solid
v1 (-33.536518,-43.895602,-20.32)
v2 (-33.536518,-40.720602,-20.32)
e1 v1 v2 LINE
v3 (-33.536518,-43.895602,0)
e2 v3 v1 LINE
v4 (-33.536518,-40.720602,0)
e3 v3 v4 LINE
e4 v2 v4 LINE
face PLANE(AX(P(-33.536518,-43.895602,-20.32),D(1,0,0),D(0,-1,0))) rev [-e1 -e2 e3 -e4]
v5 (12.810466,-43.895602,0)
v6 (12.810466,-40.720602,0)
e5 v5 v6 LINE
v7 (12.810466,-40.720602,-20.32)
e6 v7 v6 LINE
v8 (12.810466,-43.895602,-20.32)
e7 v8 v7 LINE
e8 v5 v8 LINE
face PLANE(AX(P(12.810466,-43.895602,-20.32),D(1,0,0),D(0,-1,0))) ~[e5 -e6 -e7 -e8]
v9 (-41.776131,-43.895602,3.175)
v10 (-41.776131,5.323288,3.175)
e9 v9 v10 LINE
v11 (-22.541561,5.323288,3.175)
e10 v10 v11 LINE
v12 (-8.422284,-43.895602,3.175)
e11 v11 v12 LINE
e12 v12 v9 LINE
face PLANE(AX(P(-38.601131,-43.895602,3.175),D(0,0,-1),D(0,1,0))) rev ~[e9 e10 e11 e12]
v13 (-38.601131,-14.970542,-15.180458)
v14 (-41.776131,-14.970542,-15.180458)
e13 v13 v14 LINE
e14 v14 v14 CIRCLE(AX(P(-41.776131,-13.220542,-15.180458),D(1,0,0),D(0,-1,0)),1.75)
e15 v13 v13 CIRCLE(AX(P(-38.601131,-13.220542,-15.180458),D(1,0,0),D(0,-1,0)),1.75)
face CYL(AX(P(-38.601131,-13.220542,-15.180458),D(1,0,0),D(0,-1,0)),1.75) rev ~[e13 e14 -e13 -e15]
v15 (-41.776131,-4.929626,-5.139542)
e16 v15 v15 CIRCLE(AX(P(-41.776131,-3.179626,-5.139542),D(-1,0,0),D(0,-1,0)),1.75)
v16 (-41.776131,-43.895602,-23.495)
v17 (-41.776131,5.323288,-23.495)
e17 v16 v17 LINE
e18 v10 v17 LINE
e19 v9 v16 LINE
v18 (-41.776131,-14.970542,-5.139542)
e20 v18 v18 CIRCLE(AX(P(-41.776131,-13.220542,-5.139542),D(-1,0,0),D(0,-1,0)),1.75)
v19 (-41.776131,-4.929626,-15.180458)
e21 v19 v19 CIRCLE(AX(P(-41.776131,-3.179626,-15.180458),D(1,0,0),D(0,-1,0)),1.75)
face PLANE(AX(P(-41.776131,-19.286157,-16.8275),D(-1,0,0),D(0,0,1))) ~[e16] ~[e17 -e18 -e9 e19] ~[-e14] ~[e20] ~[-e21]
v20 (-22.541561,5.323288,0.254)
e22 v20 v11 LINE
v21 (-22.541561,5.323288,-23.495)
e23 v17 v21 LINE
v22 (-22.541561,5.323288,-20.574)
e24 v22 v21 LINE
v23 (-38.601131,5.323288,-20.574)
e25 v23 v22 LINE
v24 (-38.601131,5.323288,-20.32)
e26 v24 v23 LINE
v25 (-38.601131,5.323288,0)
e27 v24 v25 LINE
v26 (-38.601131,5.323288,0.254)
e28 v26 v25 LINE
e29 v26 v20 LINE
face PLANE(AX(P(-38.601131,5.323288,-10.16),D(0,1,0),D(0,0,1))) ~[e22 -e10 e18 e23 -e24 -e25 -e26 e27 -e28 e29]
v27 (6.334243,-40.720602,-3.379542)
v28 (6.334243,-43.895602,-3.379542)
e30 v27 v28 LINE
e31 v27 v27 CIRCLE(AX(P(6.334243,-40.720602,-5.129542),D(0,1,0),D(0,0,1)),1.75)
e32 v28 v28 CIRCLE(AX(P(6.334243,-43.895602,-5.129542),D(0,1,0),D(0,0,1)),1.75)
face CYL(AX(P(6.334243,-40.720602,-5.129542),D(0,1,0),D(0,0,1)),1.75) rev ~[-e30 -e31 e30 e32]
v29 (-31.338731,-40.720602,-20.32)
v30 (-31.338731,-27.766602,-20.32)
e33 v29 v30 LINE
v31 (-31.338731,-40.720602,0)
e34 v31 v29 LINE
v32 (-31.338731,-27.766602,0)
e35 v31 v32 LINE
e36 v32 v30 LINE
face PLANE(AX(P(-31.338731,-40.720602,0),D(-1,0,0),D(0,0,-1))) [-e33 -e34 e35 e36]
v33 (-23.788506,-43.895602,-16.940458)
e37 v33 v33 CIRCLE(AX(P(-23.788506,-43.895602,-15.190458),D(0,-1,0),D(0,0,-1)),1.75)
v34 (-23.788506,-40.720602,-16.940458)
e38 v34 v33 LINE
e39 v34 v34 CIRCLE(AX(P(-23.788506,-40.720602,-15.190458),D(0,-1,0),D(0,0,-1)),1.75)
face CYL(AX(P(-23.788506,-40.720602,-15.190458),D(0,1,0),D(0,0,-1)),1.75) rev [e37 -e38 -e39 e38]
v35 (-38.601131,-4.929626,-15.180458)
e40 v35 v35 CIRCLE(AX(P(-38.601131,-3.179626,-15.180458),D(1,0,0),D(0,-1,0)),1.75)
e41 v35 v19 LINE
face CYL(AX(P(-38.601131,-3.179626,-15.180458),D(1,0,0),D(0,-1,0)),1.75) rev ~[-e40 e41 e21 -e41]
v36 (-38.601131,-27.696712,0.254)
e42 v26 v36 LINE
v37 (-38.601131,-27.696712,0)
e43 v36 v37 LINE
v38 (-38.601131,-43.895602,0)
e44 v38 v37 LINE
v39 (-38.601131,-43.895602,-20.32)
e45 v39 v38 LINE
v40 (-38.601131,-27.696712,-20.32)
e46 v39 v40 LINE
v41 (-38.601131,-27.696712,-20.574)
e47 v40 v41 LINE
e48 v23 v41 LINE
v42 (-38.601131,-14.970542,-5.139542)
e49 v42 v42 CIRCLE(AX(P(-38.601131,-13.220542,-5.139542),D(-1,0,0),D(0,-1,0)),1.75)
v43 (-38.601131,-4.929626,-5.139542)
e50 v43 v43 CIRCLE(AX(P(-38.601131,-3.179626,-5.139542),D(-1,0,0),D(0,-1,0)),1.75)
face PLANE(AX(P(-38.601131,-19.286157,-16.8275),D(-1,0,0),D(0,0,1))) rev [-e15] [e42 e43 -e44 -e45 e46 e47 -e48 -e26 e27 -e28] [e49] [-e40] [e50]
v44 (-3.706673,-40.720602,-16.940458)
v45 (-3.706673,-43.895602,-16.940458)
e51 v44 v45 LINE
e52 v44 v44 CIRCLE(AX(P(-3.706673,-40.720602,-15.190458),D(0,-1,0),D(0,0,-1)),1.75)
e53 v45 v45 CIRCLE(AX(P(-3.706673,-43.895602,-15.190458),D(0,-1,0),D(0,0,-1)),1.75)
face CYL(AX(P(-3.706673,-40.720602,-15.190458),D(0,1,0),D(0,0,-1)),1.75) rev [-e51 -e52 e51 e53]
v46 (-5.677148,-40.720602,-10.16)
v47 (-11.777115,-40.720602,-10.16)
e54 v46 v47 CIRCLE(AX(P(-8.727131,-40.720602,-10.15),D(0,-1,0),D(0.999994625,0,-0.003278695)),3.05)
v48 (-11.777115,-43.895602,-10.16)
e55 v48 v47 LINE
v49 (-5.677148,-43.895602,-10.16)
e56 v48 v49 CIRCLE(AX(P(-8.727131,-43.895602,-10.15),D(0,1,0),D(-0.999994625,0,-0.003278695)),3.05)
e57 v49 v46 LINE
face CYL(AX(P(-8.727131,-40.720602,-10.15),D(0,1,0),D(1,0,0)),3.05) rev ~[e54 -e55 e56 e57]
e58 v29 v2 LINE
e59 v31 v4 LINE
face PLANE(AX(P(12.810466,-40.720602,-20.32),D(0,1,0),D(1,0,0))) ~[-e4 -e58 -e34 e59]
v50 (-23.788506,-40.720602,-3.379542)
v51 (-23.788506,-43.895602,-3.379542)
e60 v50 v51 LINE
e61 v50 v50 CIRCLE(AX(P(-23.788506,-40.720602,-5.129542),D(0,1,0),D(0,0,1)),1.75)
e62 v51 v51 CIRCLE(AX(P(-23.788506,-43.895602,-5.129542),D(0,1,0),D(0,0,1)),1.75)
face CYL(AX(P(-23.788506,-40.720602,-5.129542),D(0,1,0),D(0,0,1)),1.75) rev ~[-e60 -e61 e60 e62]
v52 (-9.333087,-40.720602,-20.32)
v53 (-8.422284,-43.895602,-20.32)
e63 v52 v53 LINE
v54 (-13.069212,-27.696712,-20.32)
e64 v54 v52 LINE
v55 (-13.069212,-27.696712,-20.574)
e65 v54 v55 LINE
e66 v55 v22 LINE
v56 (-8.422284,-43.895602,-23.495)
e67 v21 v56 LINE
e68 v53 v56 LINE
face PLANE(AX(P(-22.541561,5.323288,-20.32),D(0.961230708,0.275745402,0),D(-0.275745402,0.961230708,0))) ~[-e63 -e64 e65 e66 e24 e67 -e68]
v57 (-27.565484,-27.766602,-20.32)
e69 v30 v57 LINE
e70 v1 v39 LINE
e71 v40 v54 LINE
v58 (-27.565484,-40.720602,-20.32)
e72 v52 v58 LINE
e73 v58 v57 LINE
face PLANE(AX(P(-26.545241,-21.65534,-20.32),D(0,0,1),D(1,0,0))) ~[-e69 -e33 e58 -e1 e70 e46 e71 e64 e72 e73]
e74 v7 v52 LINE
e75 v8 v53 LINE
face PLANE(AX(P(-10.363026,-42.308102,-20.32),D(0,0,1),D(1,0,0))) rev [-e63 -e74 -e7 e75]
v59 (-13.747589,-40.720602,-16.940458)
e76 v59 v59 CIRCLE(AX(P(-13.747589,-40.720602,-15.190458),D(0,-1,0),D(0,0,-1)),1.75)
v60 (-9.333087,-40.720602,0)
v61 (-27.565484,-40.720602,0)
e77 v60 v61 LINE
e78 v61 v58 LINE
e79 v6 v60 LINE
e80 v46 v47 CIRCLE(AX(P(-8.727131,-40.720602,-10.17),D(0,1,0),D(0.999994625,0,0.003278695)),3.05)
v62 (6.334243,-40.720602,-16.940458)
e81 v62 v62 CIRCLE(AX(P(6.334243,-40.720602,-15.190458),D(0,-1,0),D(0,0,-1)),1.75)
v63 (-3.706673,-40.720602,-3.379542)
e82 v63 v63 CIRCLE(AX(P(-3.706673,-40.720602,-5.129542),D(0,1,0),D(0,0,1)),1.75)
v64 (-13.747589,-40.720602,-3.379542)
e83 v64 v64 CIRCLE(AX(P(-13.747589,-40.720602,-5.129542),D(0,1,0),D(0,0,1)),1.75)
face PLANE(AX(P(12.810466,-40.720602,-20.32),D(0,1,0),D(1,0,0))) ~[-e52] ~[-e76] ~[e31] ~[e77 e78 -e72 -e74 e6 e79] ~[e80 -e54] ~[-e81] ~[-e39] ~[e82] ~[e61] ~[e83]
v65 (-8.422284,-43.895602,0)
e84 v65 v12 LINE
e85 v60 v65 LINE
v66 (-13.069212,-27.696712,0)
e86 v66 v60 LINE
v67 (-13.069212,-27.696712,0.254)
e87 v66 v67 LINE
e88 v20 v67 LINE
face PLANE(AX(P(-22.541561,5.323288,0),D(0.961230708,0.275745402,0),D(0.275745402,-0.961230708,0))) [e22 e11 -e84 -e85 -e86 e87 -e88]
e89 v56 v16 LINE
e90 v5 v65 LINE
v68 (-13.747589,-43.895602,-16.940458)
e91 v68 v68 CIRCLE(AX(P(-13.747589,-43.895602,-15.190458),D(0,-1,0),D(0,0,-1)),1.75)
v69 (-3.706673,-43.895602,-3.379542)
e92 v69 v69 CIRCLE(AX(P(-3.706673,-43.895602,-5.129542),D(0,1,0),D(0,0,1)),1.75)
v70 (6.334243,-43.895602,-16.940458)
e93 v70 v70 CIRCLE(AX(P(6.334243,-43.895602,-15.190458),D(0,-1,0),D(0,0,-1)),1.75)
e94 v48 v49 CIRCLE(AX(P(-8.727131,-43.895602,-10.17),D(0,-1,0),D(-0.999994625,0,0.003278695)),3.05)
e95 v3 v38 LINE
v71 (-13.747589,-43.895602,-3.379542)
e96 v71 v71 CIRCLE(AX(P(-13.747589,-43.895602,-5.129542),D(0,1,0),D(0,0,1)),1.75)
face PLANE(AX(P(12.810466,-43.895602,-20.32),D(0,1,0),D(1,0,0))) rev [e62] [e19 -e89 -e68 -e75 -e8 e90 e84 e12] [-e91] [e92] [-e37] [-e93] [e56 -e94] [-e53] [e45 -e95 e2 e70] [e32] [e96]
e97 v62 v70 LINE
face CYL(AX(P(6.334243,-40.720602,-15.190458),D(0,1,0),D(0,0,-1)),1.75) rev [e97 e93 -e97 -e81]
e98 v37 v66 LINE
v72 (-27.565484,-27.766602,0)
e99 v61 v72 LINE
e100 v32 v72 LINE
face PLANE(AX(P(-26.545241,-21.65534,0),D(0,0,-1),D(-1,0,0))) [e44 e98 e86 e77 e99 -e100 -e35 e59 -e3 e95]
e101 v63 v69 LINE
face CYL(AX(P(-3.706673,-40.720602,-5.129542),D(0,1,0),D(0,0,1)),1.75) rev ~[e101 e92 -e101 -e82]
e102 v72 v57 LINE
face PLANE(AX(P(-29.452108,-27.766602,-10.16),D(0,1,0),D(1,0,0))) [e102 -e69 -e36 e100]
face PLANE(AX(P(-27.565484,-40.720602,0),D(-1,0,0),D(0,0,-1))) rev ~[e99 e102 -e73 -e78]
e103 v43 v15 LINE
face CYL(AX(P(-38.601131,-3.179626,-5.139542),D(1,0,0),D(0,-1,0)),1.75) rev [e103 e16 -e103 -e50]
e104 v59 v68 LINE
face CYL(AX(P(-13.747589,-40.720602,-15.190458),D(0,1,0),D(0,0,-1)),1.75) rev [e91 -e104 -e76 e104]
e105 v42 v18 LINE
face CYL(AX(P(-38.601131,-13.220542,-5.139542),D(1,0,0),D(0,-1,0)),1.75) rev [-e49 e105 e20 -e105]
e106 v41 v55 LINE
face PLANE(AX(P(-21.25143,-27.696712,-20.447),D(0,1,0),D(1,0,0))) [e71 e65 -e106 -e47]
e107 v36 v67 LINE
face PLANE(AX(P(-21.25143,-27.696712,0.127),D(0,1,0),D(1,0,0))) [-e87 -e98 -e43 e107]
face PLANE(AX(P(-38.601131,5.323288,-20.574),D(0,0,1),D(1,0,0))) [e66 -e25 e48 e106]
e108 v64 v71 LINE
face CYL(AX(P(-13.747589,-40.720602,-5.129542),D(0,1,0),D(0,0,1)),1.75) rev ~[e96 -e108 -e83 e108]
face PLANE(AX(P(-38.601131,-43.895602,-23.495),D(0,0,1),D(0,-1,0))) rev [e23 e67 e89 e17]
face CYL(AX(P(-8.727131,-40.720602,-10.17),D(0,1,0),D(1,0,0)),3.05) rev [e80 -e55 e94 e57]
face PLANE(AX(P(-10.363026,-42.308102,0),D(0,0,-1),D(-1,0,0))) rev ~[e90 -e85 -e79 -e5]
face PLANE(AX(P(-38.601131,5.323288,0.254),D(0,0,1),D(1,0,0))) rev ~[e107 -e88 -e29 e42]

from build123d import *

# Parameters (mm, degrees)
BOSS_EXTRUDE1_DEPTH = 3.175
SKETCH2_W           = 13.335000012
SKETCH2_H           = 49.21889014
SKETCH2_R           = 1.75
BOSS_EXTRUDE2_DEPTH = 3.175
SKETCH3_W           = 46.34698368
SKETCH3_H           = 3.175
BOSS_EXTRUDE3_DEPTH = 10.160000012
SKETCH4_R           = 1.75
SKETCH4_R_2         = 3.05
CUT_EXTRUDE1_DEPTH  = 8.255
SKETCH5_W           = 3.773247043
SKETCH5_H           = 20.320000025
BOSS_EXTRUDE4_DEPTH = 12.954
SKETCH6_W           = 34.699402295
SKETCH6_H           = 0.254
CUT_EXTRUDE2_DEPTH  = 33.02


with BuildPart() as part:
    # Sketch1 → Boss-Extrude1 (new body)
    with BuildSketch(Plane.XY):
        Polygon((-22.541561274, 5.323288391), (-8.422284226, -43.895601749), (-38.601131181, -43.895601749), (-38.601131181, 5.323288391), align=None)
    extrude(amount=BOSS_EXTRUDE1_DEPTH)

    # Sketch2 → Boss-Extrude2 (add)
    with BuildSketch(Plane.ZY.offset(38.601131181)):
        with Locations((-3.492500006, -19.286156679)):
            Rectangle(SKETCH2_W, SKETCH2_H)
        with Locations(Location((-5.139541866, -3.179625598, 0), (0, 0, 270))):
            Circle(SKETCH2_R, mode=Mode.SUBTRACT)
        with Locations(Location((-5.139541866, -13.22054189, 0), (0, 0, 270))):
            Circle(SKETCH2_R, mode=Mode.SUBTRACT)
    extrude(amount=BOSS_EXTRUDE2_DEPTH)

    # Sketch3 → Boss-Extrude3 (add)
    with BuildSketch(Plane(origin=(0, 0, 0), x_dir=(-1, 0, 0), z_dir=(0, 0, -1))):
        with Locations((10.363026284, -42.308101749)):
            Rectangle(SKETCH3_W, SKETCH3_H)
    extrude(amount=BOSS_EXTRUDE3_DEPTH)

    # Sketch4 → Cut-Extrude1 (cut)
    with BuildSketch(Plane(origin=(0, -40.720601749, 0), x_dir=(1, 0, 0), z_dir=(0, 1, 0))):
        with Locations(Location((-3.706673055, 5.129541844, 0), (0, 0, 270))):
            Circle(SKETCH4_R)
        with Locations(Location((-23.788505641, 5.129541844, 0), (0, 0, 270))):
            Circle(SKETCH4_R)
        with Locations((6.334243237, 15.170458137)):
            Circle(SKETCH4_R)
        with Locations((-8.727131202, 10.149999991)):
            Circle(SKETCH4_R_2)
        with Locations(Location((6.334243237, 5.129541844, 0), (0, 0, 270))):
            Circle(SKETCH4_R)
        with Locations(Location((-13.747589348, 5.129541844, 0), (0, 0, 270))):
            Circle(SKETCH4_R)
        with Locations((-23.788505641, 15.170458137)):
            Circle(SKETCH4_R)
        with Locations((-3.706673055, 15.170458137)):
            Circle(SKETCH4_R)
        with Locations((-13.747589348, 15.170458137)):
            Circle(SKETCH4_R)
    extrude(amount=-CUT_EXTRUDE1_DEPTH, mode=Mode.SUBTRACT)

    # Mirror3: part across plane


with BuildPart() as part_1:
    add(part.part)
    add(part.part.mirror(Plane(origin=(-41.776131181, 5.323288391, -10.160000012), x_dir=(1, 0, 0), z_dir=(0, 0, 1))))

    # Sketch5 → Boss-Extrude4 (add)
    with BuildSketch(Plane(origin=(0, -40.720601749, 0), x_dir=(1, 0, 0), z_dir=(0, 1, 0))):
        with Locations((-29.452107965, 10.160000013)):
            Rectangle(SKETCH5_W, SKETCH5_H)
    extrude(amount=BOSS_EXTRUDE4_DEPTH)

    # Sketch6 → Cut-Extrude2 (cut)
    with BuildSketch(Plane(origin=(0, 5.323288391, 0), x_dir=(1, 0, 0), z_dir=(0, 1, 0))):
        with Locations((-21.251430034, 20.447000025)):
            Rectangle(SKETCH6_W, SKETCH6_H)
        with Locations((-21.251430034, -0.127)):
            Rectangle(SKETCH6_W, SKETCH6_H)
    extrude(amount=-CUT_EXTRUDE2_DEPTH, mode=Mode.SUBTRACT)


solid = part_1.part
